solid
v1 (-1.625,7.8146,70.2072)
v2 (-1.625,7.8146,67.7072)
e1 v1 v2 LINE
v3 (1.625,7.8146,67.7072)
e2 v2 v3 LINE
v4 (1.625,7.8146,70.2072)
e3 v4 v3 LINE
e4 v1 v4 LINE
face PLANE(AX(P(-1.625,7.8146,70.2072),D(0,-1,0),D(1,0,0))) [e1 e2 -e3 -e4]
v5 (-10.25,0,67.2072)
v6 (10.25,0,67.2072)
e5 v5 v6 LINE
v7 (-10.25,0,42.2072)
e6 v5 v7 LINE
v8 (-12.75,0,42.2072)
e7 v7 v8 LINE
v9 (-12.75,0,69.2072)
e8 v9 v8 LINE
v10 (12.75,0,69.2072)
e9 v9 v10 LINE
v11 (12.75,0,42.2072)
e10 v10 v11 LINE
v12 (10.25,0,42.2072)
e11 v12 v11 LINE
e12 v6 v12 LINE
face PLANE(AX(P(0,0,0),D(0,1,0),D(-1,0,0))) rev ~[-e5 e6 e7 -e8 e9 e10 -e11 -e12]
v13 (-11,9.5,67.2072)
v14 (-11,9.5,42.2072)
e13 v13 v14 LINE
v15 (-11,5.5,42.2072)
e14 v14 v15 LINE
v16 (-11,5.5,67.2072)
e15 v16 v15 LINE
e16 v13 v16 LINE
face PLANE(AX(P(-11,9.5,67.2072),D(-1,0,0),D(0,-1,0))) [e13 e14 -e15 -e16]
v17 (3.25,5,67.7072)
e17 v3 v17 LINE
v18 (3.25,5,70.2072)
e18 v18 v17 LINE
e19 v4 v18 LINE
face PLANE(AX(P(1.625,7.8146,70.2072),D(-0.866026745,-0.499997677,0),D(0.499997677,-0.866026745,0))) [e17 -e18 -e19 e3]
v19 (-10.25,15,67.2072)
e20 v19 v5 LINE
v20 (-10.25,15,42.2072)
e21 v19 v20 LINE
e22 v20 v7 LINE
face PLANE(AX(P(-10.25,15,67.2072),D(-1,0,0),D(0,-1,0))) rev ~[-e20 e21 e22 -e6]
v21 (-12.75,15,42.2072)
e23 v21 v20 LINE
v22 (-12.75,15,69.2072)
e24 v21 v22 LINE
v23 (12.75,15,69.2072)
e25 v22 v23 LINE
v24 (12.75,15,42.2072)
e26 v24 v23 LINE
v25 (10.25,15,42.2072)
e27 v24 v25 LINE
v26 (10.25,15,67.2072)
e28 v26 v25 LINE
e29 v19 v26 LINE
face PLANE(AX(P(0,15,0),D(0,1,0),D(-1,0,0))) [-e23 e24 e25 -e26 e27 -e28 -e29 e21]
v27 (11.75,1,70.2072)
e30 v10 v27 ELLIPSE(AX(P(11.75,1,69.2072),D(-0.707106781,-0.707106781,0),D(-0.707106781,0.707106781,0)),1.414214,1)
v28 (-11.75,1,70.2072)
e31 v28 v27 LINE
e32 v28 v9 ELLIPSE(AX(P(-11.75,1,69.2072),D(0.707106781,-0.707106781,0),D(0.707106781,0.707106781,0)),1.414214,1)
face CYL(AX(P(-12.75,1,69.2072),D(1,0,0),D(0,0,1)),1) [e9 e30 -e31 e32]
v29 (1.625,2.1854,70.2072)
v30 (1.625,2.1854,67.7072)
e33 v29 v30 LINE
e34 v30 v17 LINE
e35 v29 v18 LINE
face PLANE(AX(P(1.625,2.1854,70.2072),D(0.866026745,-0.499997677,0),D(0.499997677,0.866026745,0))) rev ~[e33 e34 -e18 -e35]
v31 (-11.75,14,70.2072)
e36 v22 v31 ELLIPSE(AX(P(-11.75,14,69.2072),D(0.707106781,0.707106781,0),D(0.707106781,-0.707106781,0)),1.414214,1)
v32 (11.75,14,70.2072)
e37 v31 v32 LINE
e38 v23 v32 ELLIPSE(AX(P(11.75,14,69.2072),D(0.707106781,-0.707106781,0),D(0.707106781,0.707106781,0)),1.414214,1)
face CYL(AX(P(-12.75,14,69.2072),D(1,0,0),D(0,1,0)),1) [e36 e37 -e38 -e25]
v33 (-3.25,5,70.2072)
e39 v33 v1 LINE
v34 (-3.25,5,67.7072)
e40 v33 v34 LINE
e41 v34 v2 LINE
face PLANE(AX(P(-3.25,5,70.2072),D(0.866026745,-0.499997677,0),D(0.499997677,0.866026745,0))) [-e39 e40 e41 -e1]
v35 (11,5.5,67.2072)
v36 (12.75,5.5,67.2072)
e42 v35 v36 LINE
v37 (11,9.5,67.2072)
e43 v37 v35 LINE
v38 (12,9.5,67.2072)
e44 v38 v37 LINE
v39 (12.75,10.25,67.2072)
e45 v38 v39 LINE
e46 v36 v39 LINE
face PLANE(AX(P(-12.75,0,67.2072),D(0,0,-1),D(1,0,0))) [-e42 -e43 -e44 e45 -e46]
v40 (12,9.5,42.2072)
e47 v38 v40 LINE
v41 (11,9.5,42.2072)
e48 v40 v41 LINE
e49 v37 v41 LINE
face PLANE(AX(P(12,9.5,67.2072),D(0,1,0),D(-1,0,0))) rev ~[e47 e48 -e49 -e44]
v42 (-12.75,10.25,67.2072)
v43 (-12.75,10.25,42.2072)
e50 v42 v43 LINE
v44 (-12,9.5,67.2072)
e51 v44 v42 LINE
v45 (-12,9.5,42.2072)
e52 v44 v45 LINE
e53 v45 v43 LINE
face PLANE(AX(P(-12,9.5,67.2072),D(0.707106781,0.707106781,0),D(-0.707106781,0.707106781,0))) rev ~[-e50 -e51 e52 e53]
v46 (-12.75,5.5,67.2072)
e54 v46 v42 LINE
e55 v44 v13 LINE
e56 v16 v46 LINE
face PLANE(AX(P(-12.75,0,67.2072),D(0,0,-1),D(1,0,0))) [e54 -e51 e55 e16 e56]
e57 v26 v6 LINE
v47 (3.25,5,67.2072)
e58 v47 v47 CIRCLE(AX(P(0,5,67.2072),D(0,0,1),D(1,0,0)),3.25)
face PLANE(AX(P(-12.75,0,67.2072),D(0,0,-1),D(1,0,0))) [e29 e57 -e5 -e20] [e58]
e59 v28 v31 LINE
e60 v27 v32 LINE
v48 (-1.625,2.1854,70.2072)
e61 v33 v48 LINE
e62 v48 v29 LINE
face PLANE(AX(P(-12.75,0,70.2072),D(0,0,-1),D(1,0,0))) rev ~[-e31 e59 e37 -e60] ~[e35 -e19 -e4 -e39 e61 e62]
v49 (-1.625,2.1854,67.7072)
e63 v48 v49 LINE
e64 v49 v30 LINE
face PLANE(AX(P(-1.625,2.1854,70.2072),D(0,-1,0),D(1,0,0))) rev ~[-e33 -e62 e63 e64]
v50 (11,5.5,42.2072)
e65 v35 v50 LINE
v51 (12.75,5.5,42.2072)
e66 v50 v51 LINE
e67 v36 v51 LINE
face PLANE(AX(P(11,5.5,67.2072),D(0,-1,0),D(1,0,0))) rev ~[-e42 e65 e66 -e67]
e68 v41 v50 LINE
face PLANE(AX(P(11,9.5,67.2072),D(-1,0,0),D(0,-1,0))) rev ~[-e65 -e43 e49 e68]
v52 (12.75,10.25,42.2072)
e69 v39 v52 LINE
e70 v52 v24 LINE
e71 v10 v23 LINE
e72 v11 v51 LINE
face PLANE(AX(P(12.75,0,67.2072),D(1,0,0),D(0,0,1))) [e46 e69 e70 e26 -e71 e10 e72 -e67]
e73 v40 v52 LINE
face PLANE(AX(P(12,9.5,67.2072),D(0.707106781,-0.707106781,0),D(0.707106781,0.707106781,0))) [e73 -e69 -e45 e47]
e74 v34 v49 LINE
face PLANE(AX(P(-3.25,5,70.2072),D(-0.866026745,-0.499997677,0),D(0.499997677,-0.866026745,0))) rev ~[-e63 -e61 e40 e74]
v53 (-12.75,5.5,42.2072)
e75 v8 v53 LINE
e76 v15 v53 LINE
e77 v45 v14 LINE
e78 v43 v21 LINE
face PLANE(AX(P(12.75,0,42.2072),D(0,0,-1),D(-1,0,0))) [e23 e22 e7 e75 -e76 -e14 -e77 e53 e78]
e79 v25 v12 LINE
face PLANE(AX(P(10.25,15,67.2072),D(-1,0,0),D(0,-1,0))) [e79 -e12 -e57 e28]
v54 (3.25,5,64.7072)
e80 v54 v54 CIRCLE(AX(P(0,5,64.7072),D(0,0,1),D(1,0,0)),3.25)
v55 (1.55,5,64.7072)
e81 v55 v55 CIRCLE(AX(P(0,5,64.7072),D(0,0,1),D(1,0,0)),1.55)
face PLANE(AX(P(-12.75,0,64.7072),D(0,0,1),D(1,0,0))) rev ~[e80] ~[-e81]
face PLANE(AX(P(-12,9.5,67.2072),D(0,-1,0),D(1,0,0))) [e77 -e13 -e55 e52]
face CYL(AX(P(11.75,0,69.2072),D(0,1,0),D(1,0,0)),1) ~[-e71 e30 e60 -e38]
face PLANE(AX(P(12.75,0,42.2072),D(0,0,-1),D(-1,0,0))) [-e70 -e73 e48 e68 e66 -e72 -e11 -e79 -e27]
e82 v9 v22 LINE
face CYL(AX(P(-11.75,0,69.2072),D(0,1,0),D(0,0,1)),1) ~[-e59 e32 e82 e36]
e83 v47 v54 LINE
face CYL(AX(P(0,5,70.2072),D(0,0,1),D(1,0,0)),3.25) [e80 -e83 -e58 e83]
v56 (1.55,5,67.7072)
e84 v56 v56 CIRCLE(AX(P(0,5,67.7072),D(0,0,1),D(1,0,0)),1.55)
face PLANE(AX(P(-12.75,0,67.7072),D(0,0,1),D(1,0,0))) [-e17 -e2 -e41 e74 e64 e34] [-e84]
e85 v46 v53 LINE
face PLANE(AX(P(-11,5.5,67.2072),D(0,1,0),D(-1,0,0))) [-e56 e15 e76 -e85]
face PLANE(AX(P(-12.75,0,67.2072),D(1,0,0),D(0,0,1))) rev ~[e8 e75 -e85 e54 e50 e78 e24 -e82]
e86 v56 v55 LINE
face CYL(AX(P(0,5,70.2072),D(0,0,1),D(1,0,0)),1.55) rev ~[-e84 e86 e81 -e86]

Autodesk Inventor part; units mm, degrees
ref_plane "YZ Plane" through (0, 0, 0) normal (1, 0, 0) x (0, 1, 0)
ref_plane "XZ Plane" through (0, 0, 0) normal (0, 1, 0) x (-1, 0, 0)
ref_plane "XY Plane" through (0, 0, 0) normal (0, 0, 1) x (1, 0, 0)
sketch "Эскиз1" plane through (0, 0, 0) normal (0, 1, 0) x (-1, 0, 0)
  line L0 (0, 56.6418) -> (23.7825, 76.5969) construction
  line L1 (44.1942, 76.014) -> (76.014, 44.1942) construction
  line L2 (91.1, 52.2091) -> (52.2091, 91.1) construction
  line L3 (0, 0) -> (74.2462, 74.2462) construction
  arc A0 (92.5543, 49.5852) -> (48.7014, 93.0224) centre (0, 0) ccw construction
  line L4 (52.2091, 91.1) -> (48.6736, 87.5645) construction
  arc A1 (44.1942, 83.085) -> (44.1942, 76.014) centre (47.7297, 79.5495) ccw construction
  line L5 (52.2091, 91.1) -> (48.6736, 87.5645) construction
  line L6 (48.6736, 87.5645) -> (52.2091, 91.1) construction
  spline S0 degree 2 poles (48.6736, 87.5645) (52.2091, 91.1) (48.7014, 93.0224) knots 1 1 1 2 2 2 construction
  line L7 (52.2091, 91.1) -> (48.7014, 93.0224) construction
  line L8 (52.2091, 91.1) -> (48.7014, 93.0224) construction
  arc A2 (48.7014, 93.0224) -> (44.0271, 95.3237) centre (0, 0) ccw construction
  arc A3 (44.0271, 95.3237) -> (43.577, 95.5303) centre (0, 0) ccw construction
  line L9 (42.6652, 95.941) -> (43.577, 95.5303) construction
  line L10 (42.6652, 95.941) -> (43.577, 95.5303) construction
  spline S1 degree 2 poles (42.0492, 94.5734) (42.6652, 95.941) (43.577, 95.5303) knots 1 1 1 2 2 2 construction
  line L11 (42.0492, 94.5734) -> (42.6652, 95.941) construction
  line L12 (42.6652, 95.941) -> (42.0492, 94.5734) construction
  line L13 (0, 0) -> (0, 209.8821) construction
  spline S2 degree 2 poles (-48.6736, 87.5645) (-52.2091, 91.1) (-48.7014, 93.0224) knots 1 1 1 2 2 2 construction
  line L14 (-48.6736, 87.5645) -> (-52.2091, 91.1) construction
  line L15 (-52.2091, 91.1) -> (-48.7014, 93.0224) construction
  arc A4 (-44.1942, 76.014) -> (-44.1942, 83.085) centre (-47.7297, 79.5495) ccw construction
  line L16 (-44.1942, 76.014) -> (-76.014, 44.1942) construction
  arc A5 (-48.7014, 93.0224) -> (-92.5543, 49.5852) centre (0, 0) ccw construction
  arc A6 (-83.085, 44.1942) -> (-76.014, 44.1942) centre (-79.5495, 47.7297) ccw construction
  line L17 (-83.085, 44.1942) -> (-87.3563, 48.4654) construction
  spline S3 degree 2 poles (-48.6736, -87.5645) (-52.2091, -91.1) (-48.7014, -93.0224) knots 1 1 1 2 2 2 construction
  line L18 (-48.6736, -87.5645) -> (-52.2091, -91.1) construction
  line L19 (-52.2091, -91.1) -> (-48.7014, -93.0224) construction
  circle A7 centre (0, 0) radius 35 construction
  line L20 (-46.3155, -73.8927) -> (-73.8927, -46.3155) construction
  arc A8 (-73.8927, -46.3155) -> (-85.2064, -46.3155) centre (-79.5495, -51.9723) ccw construction
  line L21 (-85.2064, -46.3155) -> (-87.5645, -48.6736) construction
  line L22 (-87.5645, -48.6736) -> (-91.1, -52.2091) construction
  spline S4 degree 2 poles (-87.5645, -48.6736) (-91.1, -52.2091) (-92.5543, -49.5852) knots 1 1 1 2 2 2 construction
  line L23 (-91.1, -52.2091) -> (-92.5543, -49.5852) construction
  arc A9 (-92.5543, -49.5852) -> (-48.7014, -93.0224) centre (0, 0) ccw construction
  arc A10 (-92.5543, 49.5852) -> (-92.5543, -49.5852) centre (0, 0) ccw construction
  line L24 (48.6736, -87.5645) -> (46.3155, -85.2064) construction
  arc A11 (-46.3155, -85.2064) -> (-46.3155, -73.8927) centre (-51.9723, -79.5495) ccw construction
  line L25 (-48.6736, -87.5645) -> (-46.3155, -85.2064) construction
  arc A12 (-48.7014, -93.0224) -> (48.7014, -93.0224) centre (0, 0) ccw construction
  arc A13 (46.3155, -73.8927) -> (46.3155, -85.2064) centre (51.9723, -79.5495) ccw construction
  arc A14 (43.577, 95.5303) -> (-43.577, 95.5303) centre (0, 0) ccw construction
  arc A15 (23.7825, 76.5969) -> (0, 67.941) centre (0, 104.941) ccw construction
  line L26 (0, 56.6418) -> (-35.5516, 86.4744) construction
  line L27 (44.0271, 95.3237) -> (44.0271, 127.8162) construction
  ellipse E0 centre (0, 102.7511) end of major axis (44.0271, 102.7511) minor radius 27.5932 (42.0492, 94.5734) -> (35.2734, 86.2384) ccw construction
  line L28 (42.6652, 95.941) -> (-42.6652, 95.941) construction
  ellipse E1 centre (0, 102.7511) end of major axis (44.5159, 105.2445) minor radius 28.887 (35.2734, 86.2384) -> (42.0492, 94.5734) ccw construction
  line L29 (23.7825, 76.5969) -> (35.2734, 86.2384) construction
  arc A16 (0, 67.941) -> (23.7825, 76.5969) centre (0, 104.941) ccw construction
  arc A17 (-23.7825, 76.5969) -> (0, 67.941) centre (0, 104.941) ccw construction
  line L30 (-23.7825, 76.5969) -> (-35.2734, 86.2384) construction
  line L31 (-42.6652, 95.941) -> (-42.0492, 94.5734) construction
  arc A18 (-43.577, 95.5303) -> (-48.7014, 93.0224) centre (0, 0) ccw construction
  line L32 (-42.6652, 95.941) -> (-43.577, 95.5303) construction
  spline S5 degree 2 poles (-42.0492, 94.5734) (-42.6652, 95.941) (-43.577, 95.5303) knots 1 1 1 2 2 2 construction
  line L33 (-42.0492, 94.5734) -> (-42.6652, 95.941) construction
  line L34 (-42.6652, 95.941) -> (-43.577, 95.5303) construction
  line L35 (-42.6652, 95.941) -> (-43.577, 95.5303) construction
  spline S6 degree 2 poles (-42.0492, 94.5734) (-42.6652, 95.941) (-43.577, 95.5303) knots 1 1 1 2 2 2 construction
  line L36 (-42.0492, 94.5734) -> (-42.6652, 95.941) construction
  ellipse E2 centre (0, 102.7511) end of major axis (-44.5159, 105.2445) minor radius 28.887 (-42.0492, 94.5734) -> (-35.2734, 86.2384) ccw construction
  line L37 (83.085, 44.1942) -> (87.5645, 48.6736) construction
  arc A19 (76.014, 44.1942) -> (83.085, 44.1942) centre (79.5495, 47.7297) ccw construction
  spline S7 degree 2 poles (48.6736, -87.5645) (52.2091, -91.1) (48.7014, -93.0224) knots 1 1 1 2 2 2 construction
  line L38 (48.6736, -87.5645) -> (52.2091, -91.1) construction
  line L39 (52.2091, -91.1) -> (48.7014, -93.0224) construction
  line L40 (46.3155, -73.8927) -> (73.8927, -46.3155) construction
  arc A20 (85.2064, -46.3155) -> (73.8927, -46.3155) centre (79.5495, -51.9723) ccw construction
  line L41 (85.2064, -46.3155) -> (87.5645, -48.6736) construction
  spline S8 degree 2 poles (87.5645, -48.6736) (91.1, -52.2091) (92.5543, -49.5852) knots 1 1 1 2 2 2 construction
  line L42 (87.5645, -48.6736) -> (91.1, -52.2091) construction
  line L43 (91.1, -52.2091) -> (92.5543, -49.5852) construction
  arc A21 (92.5543, -49.5852) -> (92.5543, 49.5852) centre (0, 0) ccw construction
  arc A22 (48.7014, -93.0224) -> (92.5543, -49.5852) centre (0, 0) ccw construction
  arc A23 (28.5452, 71.4571) -> (-28.5452, 71.4571) centre (0, 104.941) ccw construction
  line L44 (-83.085, 34.2947) -> (-90.6891, 41.8987) construction
  line L45 (-93.5297, 47.6709) -> (-92.5543, 49.5852) construction
  line L46 (-29.1816, 81.127) -> (-76.014, 34.2947) construction
  arc A24 (-83.085, 34.2947) -> (-76.014, 34.2947) centre (-79.5495, 37.8302) ccw construction
  line L47 (-34.1491, 76.1596) -> (-28.5452, 71.4571) construction
  arc A25 (-30.6393, 73.2144) -> (-37.3889, 72.9198) centre (-33.8534, 69.3842) ccw construction
  arc A26 (-90.6891, 41.8987) -> (-87.3563, 48.4654) centre (0, 0) ccw construction
  arc A27 (37.3889, 72.9198) -> (30.6393, 73.2144) centre (33.8534, 69.3842) ccw construction
  line L48 (29.1816, 81.127) -> (76.014, 34.2947) construction
  arc A28 (76.014, 34.2947) -> (83.085, 34.2947) centre (79.5495, 37.8302) ccw construction
  line L49 (83.085, 34.2947) -> (90.6891, 41.8987) construction
  arc A29 (76.014, 44.1942) -> (83.085, 44.1942) centre (79.5495, 47.7297) ccw construction
  line L50 (44.1942, 76.014) -> (76.014, 44.1942) construction
  arc A30 (44.1942, 83.085) -> (44.1942, 76.014) centre (47.7297, 79.5495) ccw construction
  arc A31 (5.5413, 61.2914) -> (28.5452, 71.4571) centre (0, 104.941) ccw
  arc A32 (-28.5452, 71.4571) -> (5.5413, 61.2914) centre (0, 104.941) ccw
  line L51 (34.1491, 76.1596) -> (28.5452, 71.4571) construction
  arc A33 (-87.3563, 48.4654) -> (-90.6891, 41.8987) centre (0, 0) ccw construction
  line L52 (83.085, 44.1942) -> (87.3563, 48.4654) construction
  arc A34 (90.6891, 41.8987) -> (87.3563, 48.4654) centre (0, 0) ccw construction
  line L53 (-44.1942, 83.085) -> (-48.6736, 87.5645) construction
  line L54 (44.0271, 95.3237) -> (43.577, 95.5303) construction
  line L55 (48.6736, 87.5645) -> (44.1942, 83.085) construction
  line L56 (0, 104.941) -> (-23.6028, 54.3247) construction
  circle A35 centre (31.1916, 76.2887) radius 2 construction
  line L57 (29.1816, 81.127) -> (23.7825, 76.5969)
  line L58 (29.1816, 81.127) -> (34.1491, 76.1596)
  line L59 (34.1491, 76.1596) -> (28.5452, 71.4571)
  line L60 (-28.5452, 71.4571) -> (-34.1491, 76.1596)
  line L61 (-23.7825, 76.5969) -> (-29.1816, 81.127)
  line L62 (-29.1816, 81.127) -> (-34.1491, 76.1596)
  arc A36 (-26.6462, 78.9996) -> (-31.2232, 73.7044) centre (-28.9734, 76.3855) ccw
  arc A37 (31.2232, 73.7044) -> (26.6462, 78.9996) centre (28.9734, 76.3855) ccw
  line L63 (12.75, 58.0269) -> (-12.75, 58.0269)
  line L64 (0, 67.941) -> (0, 64.941) construction
  line L65 (-12.75, 58.0269) -> (-12.75, 67.2072) construction
  line L66 (12.75, 58.0269) -> (12.75, 67.2072) construction
  arc A38 (-12.75, 67.2072) -> (12.75, 67.2072) centre (0, 101.941) ccw
  line L67 (12.75, 67.2072) -> (12.75, 70.2072)
  line L68 (-12.75, 70.2072) -> (-12.75, 70.2072) construction
  line L69 (-12.75, 67.2072) -> (-12.75, 70.2072)
  line L70 (10.1, 59.4125) -> (-10.1, 59.4125) construction
  line L71 (12.75, 70.2072) -> (-12.75, 70.2072)
  line L72 (12.75, 67.2072) -> (-12.75, 67.2072)
  point P0 (60.1041, 60.1041)
  point P1 (40.6586, 79.5495)
  point P2 (79.5495, 40.6586)
  point P3 (0, 105)
  point P4 (-87.5645, 48.6736)
  point P5 (-23.542, 76.3968)
  point P6 (-34.9935, 86.0061)
  point P7 (0, 95.941)
  point P8 (-94.5192, 45.7288)
  point P9 (-13.2817, 58.6489)
  point P10 (-28.5452, 71.4571)
  point P11 (13.2817, 58.6489)
  point P12 (-15.6369, 71.4076)
  point P13 (-26.8032, 79.1314)
  point P14 (-31.2232, 73.7044)
  point P15 (26.8032, 79.1314)
  dimension "d67" = 44.5856
  dimension "d48" = 74
  dimension "d49" = 100
  dimension "d50" = 28
  dimension "d51" = 15
  dimension "d52" = 45
  dimension "d53" = 55
  dimension "d54" = 16.3348
  dimension "d55" = 27.5
  dimension "d56" = 5
  dimension "d57" = 5
  dimension "d58" = 1
  dimension "d59" = 1.5
  dimension "d60" = 1.5
  dimension "d61" = 1
  dimension "d62" = 4
  dimension "d63" = 70
  dimension "d64" = 85
  dimension "d65" = 105
  dimension "d66" = 1.3619
  dimension "d68" = 88
  dimension "d69" = 7
  dimension "d70" = 5
  dimension "d71" = 7
  dimension "d72" = 5
  dimension "d73" = 7
  dimension "d74" = 5
  dimension "d75" = 5.1
  dimension "d78" = 4
  dimension "d166" = 25.5
  dimension "d169" = 3
  dimension "d171" = 3
  dimension "d172" = 3
  dimension "d173" = 20.2
extrude "Выдавливание7" add sketch "Эскиз1" along normal blind 15 contours L69 L71 L67 L72
sketch "Эскиз10" plane through (12.75, 0, 67.2072) normal (0, 0, -1) x (-1, 0, 0)
  line L0 (25.5, 0) -> (0, 0) construction
  line L1 (0, 0) -> (0, 15) construction
  line L2 (25.5, 15) -> (0, 15) construction
  line L3 (25.5, 0) -> (25.5, 15) construction
  line L4 (25.5, 15) -> (0, 15) construction
  line L5 (12.75, 15) -> (12.75, 0) construction
  line L6 (-0.25, 15.8948) -> (-0.25, -2.2577) construction
  line L7 (0, 15) -> (2.5, 15)
  line L8 (2.5, 15) -> (2.5, 0)
  line L9 (2.5, 0) -> (0, 0)
  line L10 (0, 0) -> (0, 15)
  line L11 (0, 9) -> (2.5, 9) construction
  line L12 (0, 0) -> (0, 15) construction
  line L13 (0, 9.5) -> (1.75, 9.5)
  line L14 (1.75, 9.5) -> (1.75, 5.5)
  line L15 (1.75, 5.5) -> (0, 5.5)
  line L16 (0, 5.5) -> (0, 9.5) construction
  line L17 (0, 9) -> (1.25, 9) construction
  line L18 (1.25, 9) -> (1.25, 6) construction
  line L19 (1.25, 6) -> (0, 6) construction
  line L20 (0, 6) -> (0, 9) construction
  line L21 (1.25, 9) -> (0, 10.25)
  line L22 (25.5, 0) -> (25.5, 15) construction
  line L23 (25.5, 15) -> (23, 15)
  line L24 (23, 15) -> (23, 0)
  line L25 (23, 0) -> (25.5, 0)
  line L26 (25.5, 0) -> (25.5, 15)
  line L27 (25.5, 9) -> (23, 9) construction
  line L28 (25.5, 0) -> (25.5, 15) construction
  line L29 (25.5, 9.5) -> (23.75, 9.5)
  line L30 (23.75, 9.5) -> (23.75, 5.5)
  line L31 (23.75, 5.5) -> (25.5, 5.5)
  line L32 (25.5, 5.5) -> (25.5, 9.5) construction
  line L33 (25.5, 9) -> (24.25, 9) construction
  line L34 (24.25, 9) -> (24.25, 6) construction
  line L35 (24.25, 6) -> (25.5, 6) construction
  line L36 (25.5, 6) -> (25.5, 9) construction
  line L37 (24.25, 9) -> (25.5, 10.25)
  point P0 (24.75, 9.5)
  point P1 (0, 5.5)
  point P2 (0, 10.25)
  point P3 (0.75, 9.5)
  dimension "d215" = 26
  dimension "d216" = 20.5
  dimension "d218" = 3
  dimension "d219" = 1.5
  dimension "d220" = 0.5
  dimension "d221" = 0.5
  dimension "d222" = 0.5
  dimension "d223" = 135
  dimension "d237" = 5.5
extrude "Выдавливание16" add sketch "Эскиз10" along normal blind 25 contours L7 L8 L9 L10 L15 L14 L13 L21 | L26 L37 L29 L30 L31 L25 L24 L23
sketch "Эскиз12" plane through (-12.75, 0, 70.2072) normal (0, 0, 1) x (1, 0, 0)
  line L0 (0, 15) -> (2.5, 15) construction
  line L1 (2.5, 15) -> (2.5, 0) construction
  line L2 (2.5, 0) -> (0, 0) construction
  line L3 (0, 0) -> (0, 5.5) construction
  line L4 (0, 5.5) -> (1.75, 5.5) construction
  line L5 (1.75, 5.5) -> (1.75, 9.5) construction
  line L6 (1.75, 9.5) -> (0.75, 9.5) construction
  line L7 (0.75, 9.5) -> (0, 10.25) construction
  line L8 (0, 10.25) -> (0, 15) construction
  line L9 (0, 0) -> (25.5, 0) construction
  line L10 (25.5, 0) -> (25.5, 15) construction
  line L11 (0, 15) -> (25.5, 15) construction
  line L12 (0, 0) -> (0, 15) construction
  line L13 (25.5, 15) -> (25.5, 10.25) construction
  line L14 (25.5, 10.25) -> (24.75, 9.5) construction
  line L15 (24.75, 9.5) -> (23.75, 9.5) construction
  line L16 (23.75, 9.5) -> (23.75, 5.5) construction
  line L17 (23.75, 5.5) -> (25.5, 5.5) construction
  line L18 (25.5, 5.5) -> (25.5, 0) construction
  line L19 (25.5, 0) -> (23, 0) construction
  line L20 (23, 0) -> (23, 15) construction
  line L21 (23, 15) -> (25.5, 15) construction
  line L22 (23, 0) -> (23, 15) construction
  line L23 (0, 15) -> (25.5, 15) construction
  line L24 (23, 15) -> (25.5, 15) construction
  line L25 (23, 15) -> (2.5, 15) construction
  line L26 (0, 15) -> (2.5, 15) construction
  line L27 (25.5, 0) -> (25.5, 15) construction
  line L28 (25.5, 5.5) -> (25.5, 10.25) construction
  line L29 (0, 0) -> (0, 15) construction
  line L30 (0, 15) -> (25.5, 15) construction
  line L31 (12.75, 15) -> (12.75, 0) construction
  circle A0 centre (12.75, 5) radius 3.25
  line L32 (12.75, 5) -> (16, 5) construction
  line L33 (12.75, 5) -> (14.375, 7.8146) construction
  line L34 (12.75, 5) -> (11.125, 7.8146) construction
  line L35 (12.75, 5) -> (9.5, 5) construction
  line L36 (12.75, 5) -> (14.375, 2.1854) construction
  line L37 (12.75, 5) -> (11.125, 2.1854) construction
  line L38 (14.375, 7.8146) -> (16, 5)
  line L39 (11.125, 7.8146) -> (14.375, 7.8146)
  line L40 (9.5, 5) -> (11.125, 7.8146)
  line L41 (14.375, 2.1854) -> (16, 5)
  line L42 (11.125, 2.1854) -> (14.375, 2.1854)
  line L43 (9.5, 5) -> (11.125, 2.1854)
  circle A1 centre (12.75, 5) radius 1.55
  dimension "d226" = 6.5
  dimension "d228" = 60
  dimension "d229" = 3.1
  dimension "d238" = 5
extrude "Выдавливание17" add sketch "Эскиз12" against normal blind 5.5 contours L38 A0 | L41 L42 L43 L40 L39 L38 | A0 L41 | L39 A0 | A0 L42 | L40 A0 | A0 L43 | A1
extrude "Выдавливание18" cut sketch "Эскиз12" against normal blind 5.5 contours A1
extrude "Выдавливание19" cut sketch "Эскиз12" against normal blind 2.5 contours L41 L42 L43 L40 L39 L38
fillet "Сопряжение1" radius 1 4 edges at (0, 15, 70.2072) (12.75, 7.5, 70.2072) (0, 0, 70.2072) (-12.75, 7.5, 70.2072)
sketch "Эскиз13" plane through (0, 15, 0) normal (0, 1, 0) x (1, 0, 0)
  point P0 (0, 0)
properties part number "_3DПЕЧАТЬ"
